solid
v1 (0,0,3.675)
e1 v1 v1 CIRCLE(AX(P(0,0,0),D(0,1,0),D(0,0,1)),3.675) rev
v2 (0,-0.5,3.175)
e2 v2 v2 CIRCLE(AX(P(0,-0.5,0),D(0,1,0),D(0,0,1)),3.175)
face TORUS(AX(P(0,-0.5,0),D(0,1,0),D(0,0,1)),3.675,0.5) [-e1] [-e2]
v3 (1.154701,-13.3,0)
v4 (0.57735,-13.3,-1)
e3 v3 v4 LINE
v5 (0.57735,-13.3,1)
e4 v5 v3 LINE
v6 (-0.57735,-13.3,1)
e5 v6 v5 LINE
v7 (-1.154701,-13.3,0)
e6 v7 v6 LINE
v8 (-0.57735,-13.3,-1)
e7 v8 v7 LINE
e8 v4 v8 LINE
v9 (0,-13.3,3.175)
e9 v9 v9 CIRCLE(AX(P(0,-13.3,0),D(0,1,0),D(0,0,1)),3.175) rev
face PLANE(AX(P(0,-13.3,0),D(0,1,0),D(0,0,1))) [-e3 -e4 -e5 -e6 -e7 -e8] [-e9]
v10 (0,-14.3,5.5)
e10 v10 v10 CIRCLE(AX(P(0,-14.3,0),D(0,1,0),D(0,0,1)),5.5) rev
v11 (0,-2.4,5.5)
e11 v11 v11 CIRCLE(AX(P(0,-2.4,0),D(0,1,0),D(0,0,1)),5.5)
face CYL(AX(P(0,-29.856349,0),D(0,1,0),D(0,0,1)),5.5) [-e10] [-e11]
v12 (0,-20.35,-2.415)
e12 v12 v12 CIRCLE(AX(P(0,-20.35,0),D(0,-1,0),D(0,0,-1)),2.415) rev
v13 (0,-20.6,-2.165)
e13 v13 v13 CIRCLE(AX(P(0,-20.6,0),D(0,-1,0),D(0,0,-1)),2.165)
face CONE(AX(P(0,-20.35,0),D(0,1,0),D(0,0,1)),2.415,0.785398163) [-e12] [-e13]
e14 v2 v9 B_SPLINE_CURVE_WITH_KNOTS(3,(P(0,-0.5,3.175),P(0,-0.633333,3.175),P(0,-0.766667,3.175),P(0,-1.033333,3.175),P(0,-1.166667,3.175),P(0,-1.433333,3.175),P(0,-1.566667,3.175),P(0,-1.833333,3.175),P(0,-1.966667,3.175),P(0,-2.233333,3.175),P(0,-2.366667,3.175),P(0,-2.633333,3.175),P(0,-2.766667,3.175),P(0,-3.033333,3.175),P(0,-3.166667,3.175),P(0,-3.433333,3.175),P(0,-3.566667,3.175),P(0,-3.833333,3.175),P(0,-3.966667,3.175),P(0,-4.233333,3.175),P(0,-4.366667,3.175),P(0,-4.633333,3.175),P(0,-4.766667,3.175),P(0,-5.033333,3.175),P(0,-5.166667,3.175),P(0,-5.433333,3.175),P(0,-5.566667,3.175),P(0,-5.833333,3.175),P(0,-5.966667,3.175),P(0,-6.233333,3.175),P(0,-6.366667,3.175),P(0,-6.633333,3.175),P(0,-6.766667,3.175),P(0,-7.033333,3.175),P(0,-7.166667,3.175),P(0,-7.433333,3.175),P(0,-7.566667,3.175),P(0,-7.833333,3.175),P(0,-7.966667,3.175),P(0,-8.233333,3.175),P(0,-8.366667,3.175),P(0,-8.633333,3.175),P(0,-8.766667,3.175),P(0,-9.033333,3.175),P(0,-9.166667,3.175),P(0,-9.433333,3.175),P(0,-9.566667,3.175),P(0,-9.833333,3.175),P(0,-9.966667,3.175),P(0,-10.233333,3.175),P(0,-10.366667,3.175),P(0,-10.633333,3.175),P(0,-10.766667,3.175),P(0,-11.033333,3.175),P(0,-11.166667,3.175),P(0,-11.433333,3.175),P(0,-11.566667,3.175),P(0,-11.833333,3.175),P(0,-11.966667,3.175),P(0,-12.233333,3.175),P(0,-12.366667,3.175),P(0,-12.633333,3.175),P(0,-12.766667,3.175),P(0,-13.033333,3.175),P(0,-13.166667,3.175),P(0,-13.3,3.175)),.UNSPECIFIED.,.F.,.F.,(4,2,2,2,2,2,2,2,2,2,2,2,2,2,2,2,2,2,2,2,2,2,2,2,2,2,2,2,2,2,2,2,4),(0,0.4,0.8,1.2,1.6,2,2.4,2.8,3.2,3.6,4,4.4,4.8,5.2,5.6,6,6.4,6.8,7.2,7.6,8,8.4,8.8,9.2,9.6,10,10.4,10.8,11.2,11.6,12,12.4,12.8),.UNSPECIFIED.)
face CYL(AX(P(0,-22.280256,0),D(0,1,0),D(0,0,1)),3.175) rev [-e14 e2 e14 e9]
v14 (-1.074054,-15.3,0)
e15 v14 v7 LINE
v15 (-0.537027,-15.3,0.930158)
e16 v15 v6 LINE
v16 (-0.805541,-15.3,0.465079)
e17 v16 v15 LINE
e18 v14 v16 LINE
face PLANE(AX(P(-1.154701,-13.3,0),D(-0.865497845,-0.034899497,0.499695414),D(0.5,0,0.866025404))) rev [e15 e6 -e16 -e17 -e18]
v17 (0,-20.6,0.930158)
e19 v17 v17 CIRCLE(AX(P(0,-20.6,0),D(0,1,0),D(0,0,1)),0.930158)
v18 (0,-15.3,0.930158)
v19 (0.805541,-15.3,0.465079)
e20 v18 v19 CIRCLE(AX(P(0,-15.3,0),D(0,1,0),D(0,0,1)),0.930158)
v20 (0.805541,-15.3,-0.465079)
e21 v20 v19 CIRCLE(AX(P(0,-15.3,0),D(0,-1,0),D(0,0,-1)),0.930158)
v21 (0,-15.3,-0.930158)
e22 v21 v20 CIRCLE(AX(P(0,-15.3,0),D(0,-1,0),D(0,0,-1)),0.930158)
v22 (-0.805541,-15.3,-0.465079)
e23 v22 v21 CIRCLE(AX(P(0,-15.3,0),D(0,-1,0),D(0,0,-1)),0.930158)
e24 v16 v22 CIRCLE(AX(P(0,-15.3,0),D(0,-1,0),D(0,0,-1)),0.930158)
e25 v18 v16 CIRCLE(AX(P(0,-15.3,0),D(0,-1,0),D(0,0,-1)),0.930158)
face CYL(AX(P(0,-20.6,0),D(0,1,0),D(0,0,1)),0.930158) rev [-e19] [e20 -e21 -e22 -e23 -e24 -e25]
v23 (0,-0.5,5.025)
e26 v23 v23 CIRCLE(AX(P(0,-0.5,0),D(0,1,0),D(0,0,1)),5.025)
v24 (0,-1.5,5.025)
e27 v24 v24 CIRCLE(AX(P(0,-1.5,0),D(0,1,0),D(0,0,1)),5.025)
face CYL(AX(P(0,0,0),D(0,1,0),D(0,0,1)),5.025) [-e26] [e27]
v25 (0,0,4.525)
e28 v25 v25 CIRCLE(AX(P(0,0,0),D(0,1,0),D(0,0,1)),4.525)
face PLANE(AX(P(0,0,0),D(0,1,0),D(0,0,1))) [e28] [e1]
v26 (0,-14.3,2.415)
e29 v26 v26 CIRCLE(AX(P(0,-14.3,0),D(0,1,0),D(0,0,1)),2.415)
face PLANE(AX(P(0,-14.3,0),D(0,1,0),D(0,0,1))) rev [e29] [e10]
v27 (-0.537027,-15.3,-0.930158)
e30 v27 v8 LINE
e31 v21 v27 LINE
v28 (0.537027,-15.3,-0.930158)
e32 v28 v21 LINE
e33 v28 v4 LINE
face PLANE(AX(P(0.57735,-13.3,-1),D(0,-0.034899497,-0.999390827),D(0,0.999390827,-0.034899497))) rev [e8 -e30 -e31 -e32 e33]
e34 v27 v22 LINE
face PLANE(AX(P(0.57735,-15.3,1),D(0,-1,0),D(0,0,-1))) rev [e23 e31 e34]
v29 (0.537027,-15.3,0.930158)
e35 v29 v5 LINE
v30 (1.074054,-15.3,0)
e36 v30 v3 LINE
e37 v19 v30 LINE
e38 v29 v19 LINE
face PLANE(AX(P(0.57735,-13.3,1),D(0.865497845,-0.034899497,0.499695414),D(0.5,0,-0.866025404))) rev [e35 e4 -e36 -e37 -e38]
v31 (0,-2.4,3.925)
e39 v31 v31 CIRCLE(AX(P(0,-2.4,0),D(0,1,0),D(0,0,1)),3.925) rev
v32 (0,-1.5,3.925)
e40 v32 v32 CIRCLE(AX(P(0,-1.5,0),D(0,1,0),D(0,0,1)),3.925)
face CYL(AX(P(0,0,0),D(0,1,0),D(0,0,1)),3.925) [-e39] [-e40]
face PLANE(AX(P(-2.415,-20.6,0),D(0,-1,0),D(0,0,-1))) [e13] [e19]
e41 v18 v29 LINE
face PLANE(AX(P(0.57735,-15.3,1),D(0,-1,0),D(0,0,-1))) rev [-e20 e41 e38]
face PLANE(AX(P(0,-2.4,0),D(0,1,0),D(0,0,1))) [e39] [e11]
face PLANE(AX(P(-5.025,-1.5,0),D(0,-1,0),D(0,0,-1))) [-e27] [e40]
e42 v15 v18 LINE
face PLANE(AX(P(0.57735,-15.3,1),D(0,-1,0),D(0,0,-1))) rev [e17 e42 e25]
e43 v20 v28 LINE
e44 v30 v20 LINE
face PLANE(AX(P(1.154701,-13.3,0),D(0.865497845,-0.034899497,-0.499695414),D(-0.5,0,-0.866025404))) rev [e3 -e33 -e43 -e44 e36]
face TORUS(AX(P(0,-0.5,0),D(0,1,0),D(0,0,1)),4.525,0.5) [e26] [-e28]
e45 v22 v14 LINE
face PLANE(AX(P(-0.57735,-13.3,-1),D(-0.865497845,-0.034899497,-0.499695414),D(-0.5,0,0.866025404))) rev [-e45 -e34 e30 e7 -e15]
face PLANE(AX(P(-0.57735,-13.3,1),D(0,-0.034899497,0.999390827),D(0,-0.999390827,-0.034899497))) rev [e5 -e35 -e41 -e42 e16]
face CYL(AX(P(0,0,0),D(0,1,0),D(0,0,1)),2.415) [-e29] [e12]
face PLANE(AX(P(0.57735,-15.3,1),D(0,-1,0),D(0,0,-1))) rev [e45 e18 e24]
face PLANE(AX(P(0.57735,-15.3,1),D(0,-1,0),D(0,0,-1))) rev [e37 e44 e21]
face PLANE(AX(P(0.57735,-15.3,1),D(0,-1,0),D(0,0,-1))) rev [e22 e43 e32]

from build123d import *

# Parameters (mm, degrees)
UBODY_SKETCH_R      = 5.5
UBODY_DEPTH         = 11.9
THREAD_SKETCH_W     = 2.415
THREAD_SKETCH_H     = 6.3
THREAD_CHAMFER_SIZE = 0.25
TUBE_START          = -13.3
TUBE_SKETCH_R       = 3.175
TUBE_DEPTH          = 13.3
TUBE_RADIUS_R       = 0.5
HEX_2_DEPTH         = 2
HEX_2_DRAFT         = -2
PORT_SKETCH_R       = 0.930158461
PORT_DEPTH          = 18.163624326


with BuildPart() as part:
    # Release_Sketch → Release (revolve)
    with BuildSketch(Plane.XY, mode=Mode.PRIVATE) as release_sk:
        with BuildLine():
            Line((0, 0), (-4.525, 0))
            ThreePointArc((-4.525, 0), (-4.878553391, -0.146446609), (-5.025, -0.5))
            Line((-5.025, -0.5), (-5.025, -1.5))
            Line((-5.025, -1.5), (-3.925, -1.5))
            Line((-3.925, -1.5), (-3.925, -2.4))
            Line((-3.925, -2.4), (0, -2.4))
            Line((0, -2.4), (0, 0))
        make_face()
    revolve(release_sk.sketch.rotate(Axis((0, 0, 0), (0, -1, 0)), 270), axis=Axis((0, 0, 0), (0, -1, 0)))

    # UBody_Sketch → UBody (add)
    with BuildSketch(Plane(origin=(0, -2.4, 0), x_dir=(-1, 0, 0), z_dir=(0, 1, 0))):
        with Locations(Location((0, 0, 0), (0, 0, 90))):
            Circle(UBODY_SKETCH_R)
    extrude(amount=-UBODY_DEPTH)

    # Thread_Sketch → Thread (revolve)
    with BuildSketch(Plane.XY, mode=Mode.PRIVATE) as thread_sk:
        with Locations((-1.2075, -17.45)):
            Rectangle(THREAD_SKETCH_W, THREAD_SKETCH_H)
    revolve(thread_sk.sketch.rotate(Axis((0, 0, 0), (0, -1, 0)), 270), axis=Axis((0, 0, 0), (0, -1, 0)))

    # Thread_Chamfer
    thread_chamfer_edges = [part.edges().sort_by_distance(p)[0] for p in [
        (0, -20.6, -2.415),
    ]]
    chamfer(thread_chamfer_edges, length=THREAD_CHAMFER_SIZE)

    # Tube_Sketch → Tube (cut)
    with BuildSketch(Plane(origin=(0, 0, 0), x_dir=(1, 0, 0), z_dir=(0, 1, 0)).offset(TUBE_START)):
        with Locations(Location((0, 0, 0), (0, 0, 270))):
            Circle(TUBE_SKETCH_R)
    extrude(amount=TUBE_DEPTH, mode=Mode.SUBTRACT)

    # Tube_Radius
    tube_radius_edges = [part.edges().sort_by_distance(p)[0] for p in [
        (0, 0, -3.175),
    ]]
    fillet(tube_radius_edges, radius=TUBE_RADIUS_R)


with BuildPart() as hex_2_tool:
    # Hex_Sketch → Hex 2 (with draft: the straight prism first)
    with BuildSketch(Plane(origin=(0, -13.3, 0), x_dir=(-1, 0, 0), z_dir=(0, 1, 0))):
        Polygon((-1.154700538, 0), (-0.577350269, -1), (0.577350269, -1), (1.154700538, 0), (0.577350269, 1), (-0.577350269, 1), align=None)
    extrude(amount=-HEX_2_DEPTH)
    # Hex 2: the draft: its side faces are tilted about the plane it starts from
    hex_2_sides = [hex_2_tool.faces().sort_by_distance(p)[0] for p in [
        (0.866025404, -14.3, -0.5),
        (0, -14.3, -1),
        (-0.866025404, -14.3, -0.5),
        (-0.866025404, -14.3, 0.5),
        (0, -14.3, 1),
        (0.866025404, -14.3, 0.5),
    ]]
    draft(hex_2_sides, Plane(origin=(0, -13.3, 0), x_dir=(-1, 0, 0), z_dir=(0, 1, 0)), HEX_2_DRAFT)


with BuildPart() as part_1:
    add(part.part)

    # Hex 2: cut by hex_2_tool
    add(hex_2_tool.part, mode=Mode.SUBTRACT)

    # Port_Sketch → Port (cut, through all)
    with BuildSketch(Plane(origin=(0, -15.3, 0), x_dir=(-1, 0, 0), z_dir=(0, 1, 0))):
        with Locations(Location((0, 0, 0), (0, 0, 90))):
            Circle(PORT_SKETCH_R)
    extrude(amount=-PORT_DEPTH, mode=Mode.SUBTRACT)


solid = part_1.part
